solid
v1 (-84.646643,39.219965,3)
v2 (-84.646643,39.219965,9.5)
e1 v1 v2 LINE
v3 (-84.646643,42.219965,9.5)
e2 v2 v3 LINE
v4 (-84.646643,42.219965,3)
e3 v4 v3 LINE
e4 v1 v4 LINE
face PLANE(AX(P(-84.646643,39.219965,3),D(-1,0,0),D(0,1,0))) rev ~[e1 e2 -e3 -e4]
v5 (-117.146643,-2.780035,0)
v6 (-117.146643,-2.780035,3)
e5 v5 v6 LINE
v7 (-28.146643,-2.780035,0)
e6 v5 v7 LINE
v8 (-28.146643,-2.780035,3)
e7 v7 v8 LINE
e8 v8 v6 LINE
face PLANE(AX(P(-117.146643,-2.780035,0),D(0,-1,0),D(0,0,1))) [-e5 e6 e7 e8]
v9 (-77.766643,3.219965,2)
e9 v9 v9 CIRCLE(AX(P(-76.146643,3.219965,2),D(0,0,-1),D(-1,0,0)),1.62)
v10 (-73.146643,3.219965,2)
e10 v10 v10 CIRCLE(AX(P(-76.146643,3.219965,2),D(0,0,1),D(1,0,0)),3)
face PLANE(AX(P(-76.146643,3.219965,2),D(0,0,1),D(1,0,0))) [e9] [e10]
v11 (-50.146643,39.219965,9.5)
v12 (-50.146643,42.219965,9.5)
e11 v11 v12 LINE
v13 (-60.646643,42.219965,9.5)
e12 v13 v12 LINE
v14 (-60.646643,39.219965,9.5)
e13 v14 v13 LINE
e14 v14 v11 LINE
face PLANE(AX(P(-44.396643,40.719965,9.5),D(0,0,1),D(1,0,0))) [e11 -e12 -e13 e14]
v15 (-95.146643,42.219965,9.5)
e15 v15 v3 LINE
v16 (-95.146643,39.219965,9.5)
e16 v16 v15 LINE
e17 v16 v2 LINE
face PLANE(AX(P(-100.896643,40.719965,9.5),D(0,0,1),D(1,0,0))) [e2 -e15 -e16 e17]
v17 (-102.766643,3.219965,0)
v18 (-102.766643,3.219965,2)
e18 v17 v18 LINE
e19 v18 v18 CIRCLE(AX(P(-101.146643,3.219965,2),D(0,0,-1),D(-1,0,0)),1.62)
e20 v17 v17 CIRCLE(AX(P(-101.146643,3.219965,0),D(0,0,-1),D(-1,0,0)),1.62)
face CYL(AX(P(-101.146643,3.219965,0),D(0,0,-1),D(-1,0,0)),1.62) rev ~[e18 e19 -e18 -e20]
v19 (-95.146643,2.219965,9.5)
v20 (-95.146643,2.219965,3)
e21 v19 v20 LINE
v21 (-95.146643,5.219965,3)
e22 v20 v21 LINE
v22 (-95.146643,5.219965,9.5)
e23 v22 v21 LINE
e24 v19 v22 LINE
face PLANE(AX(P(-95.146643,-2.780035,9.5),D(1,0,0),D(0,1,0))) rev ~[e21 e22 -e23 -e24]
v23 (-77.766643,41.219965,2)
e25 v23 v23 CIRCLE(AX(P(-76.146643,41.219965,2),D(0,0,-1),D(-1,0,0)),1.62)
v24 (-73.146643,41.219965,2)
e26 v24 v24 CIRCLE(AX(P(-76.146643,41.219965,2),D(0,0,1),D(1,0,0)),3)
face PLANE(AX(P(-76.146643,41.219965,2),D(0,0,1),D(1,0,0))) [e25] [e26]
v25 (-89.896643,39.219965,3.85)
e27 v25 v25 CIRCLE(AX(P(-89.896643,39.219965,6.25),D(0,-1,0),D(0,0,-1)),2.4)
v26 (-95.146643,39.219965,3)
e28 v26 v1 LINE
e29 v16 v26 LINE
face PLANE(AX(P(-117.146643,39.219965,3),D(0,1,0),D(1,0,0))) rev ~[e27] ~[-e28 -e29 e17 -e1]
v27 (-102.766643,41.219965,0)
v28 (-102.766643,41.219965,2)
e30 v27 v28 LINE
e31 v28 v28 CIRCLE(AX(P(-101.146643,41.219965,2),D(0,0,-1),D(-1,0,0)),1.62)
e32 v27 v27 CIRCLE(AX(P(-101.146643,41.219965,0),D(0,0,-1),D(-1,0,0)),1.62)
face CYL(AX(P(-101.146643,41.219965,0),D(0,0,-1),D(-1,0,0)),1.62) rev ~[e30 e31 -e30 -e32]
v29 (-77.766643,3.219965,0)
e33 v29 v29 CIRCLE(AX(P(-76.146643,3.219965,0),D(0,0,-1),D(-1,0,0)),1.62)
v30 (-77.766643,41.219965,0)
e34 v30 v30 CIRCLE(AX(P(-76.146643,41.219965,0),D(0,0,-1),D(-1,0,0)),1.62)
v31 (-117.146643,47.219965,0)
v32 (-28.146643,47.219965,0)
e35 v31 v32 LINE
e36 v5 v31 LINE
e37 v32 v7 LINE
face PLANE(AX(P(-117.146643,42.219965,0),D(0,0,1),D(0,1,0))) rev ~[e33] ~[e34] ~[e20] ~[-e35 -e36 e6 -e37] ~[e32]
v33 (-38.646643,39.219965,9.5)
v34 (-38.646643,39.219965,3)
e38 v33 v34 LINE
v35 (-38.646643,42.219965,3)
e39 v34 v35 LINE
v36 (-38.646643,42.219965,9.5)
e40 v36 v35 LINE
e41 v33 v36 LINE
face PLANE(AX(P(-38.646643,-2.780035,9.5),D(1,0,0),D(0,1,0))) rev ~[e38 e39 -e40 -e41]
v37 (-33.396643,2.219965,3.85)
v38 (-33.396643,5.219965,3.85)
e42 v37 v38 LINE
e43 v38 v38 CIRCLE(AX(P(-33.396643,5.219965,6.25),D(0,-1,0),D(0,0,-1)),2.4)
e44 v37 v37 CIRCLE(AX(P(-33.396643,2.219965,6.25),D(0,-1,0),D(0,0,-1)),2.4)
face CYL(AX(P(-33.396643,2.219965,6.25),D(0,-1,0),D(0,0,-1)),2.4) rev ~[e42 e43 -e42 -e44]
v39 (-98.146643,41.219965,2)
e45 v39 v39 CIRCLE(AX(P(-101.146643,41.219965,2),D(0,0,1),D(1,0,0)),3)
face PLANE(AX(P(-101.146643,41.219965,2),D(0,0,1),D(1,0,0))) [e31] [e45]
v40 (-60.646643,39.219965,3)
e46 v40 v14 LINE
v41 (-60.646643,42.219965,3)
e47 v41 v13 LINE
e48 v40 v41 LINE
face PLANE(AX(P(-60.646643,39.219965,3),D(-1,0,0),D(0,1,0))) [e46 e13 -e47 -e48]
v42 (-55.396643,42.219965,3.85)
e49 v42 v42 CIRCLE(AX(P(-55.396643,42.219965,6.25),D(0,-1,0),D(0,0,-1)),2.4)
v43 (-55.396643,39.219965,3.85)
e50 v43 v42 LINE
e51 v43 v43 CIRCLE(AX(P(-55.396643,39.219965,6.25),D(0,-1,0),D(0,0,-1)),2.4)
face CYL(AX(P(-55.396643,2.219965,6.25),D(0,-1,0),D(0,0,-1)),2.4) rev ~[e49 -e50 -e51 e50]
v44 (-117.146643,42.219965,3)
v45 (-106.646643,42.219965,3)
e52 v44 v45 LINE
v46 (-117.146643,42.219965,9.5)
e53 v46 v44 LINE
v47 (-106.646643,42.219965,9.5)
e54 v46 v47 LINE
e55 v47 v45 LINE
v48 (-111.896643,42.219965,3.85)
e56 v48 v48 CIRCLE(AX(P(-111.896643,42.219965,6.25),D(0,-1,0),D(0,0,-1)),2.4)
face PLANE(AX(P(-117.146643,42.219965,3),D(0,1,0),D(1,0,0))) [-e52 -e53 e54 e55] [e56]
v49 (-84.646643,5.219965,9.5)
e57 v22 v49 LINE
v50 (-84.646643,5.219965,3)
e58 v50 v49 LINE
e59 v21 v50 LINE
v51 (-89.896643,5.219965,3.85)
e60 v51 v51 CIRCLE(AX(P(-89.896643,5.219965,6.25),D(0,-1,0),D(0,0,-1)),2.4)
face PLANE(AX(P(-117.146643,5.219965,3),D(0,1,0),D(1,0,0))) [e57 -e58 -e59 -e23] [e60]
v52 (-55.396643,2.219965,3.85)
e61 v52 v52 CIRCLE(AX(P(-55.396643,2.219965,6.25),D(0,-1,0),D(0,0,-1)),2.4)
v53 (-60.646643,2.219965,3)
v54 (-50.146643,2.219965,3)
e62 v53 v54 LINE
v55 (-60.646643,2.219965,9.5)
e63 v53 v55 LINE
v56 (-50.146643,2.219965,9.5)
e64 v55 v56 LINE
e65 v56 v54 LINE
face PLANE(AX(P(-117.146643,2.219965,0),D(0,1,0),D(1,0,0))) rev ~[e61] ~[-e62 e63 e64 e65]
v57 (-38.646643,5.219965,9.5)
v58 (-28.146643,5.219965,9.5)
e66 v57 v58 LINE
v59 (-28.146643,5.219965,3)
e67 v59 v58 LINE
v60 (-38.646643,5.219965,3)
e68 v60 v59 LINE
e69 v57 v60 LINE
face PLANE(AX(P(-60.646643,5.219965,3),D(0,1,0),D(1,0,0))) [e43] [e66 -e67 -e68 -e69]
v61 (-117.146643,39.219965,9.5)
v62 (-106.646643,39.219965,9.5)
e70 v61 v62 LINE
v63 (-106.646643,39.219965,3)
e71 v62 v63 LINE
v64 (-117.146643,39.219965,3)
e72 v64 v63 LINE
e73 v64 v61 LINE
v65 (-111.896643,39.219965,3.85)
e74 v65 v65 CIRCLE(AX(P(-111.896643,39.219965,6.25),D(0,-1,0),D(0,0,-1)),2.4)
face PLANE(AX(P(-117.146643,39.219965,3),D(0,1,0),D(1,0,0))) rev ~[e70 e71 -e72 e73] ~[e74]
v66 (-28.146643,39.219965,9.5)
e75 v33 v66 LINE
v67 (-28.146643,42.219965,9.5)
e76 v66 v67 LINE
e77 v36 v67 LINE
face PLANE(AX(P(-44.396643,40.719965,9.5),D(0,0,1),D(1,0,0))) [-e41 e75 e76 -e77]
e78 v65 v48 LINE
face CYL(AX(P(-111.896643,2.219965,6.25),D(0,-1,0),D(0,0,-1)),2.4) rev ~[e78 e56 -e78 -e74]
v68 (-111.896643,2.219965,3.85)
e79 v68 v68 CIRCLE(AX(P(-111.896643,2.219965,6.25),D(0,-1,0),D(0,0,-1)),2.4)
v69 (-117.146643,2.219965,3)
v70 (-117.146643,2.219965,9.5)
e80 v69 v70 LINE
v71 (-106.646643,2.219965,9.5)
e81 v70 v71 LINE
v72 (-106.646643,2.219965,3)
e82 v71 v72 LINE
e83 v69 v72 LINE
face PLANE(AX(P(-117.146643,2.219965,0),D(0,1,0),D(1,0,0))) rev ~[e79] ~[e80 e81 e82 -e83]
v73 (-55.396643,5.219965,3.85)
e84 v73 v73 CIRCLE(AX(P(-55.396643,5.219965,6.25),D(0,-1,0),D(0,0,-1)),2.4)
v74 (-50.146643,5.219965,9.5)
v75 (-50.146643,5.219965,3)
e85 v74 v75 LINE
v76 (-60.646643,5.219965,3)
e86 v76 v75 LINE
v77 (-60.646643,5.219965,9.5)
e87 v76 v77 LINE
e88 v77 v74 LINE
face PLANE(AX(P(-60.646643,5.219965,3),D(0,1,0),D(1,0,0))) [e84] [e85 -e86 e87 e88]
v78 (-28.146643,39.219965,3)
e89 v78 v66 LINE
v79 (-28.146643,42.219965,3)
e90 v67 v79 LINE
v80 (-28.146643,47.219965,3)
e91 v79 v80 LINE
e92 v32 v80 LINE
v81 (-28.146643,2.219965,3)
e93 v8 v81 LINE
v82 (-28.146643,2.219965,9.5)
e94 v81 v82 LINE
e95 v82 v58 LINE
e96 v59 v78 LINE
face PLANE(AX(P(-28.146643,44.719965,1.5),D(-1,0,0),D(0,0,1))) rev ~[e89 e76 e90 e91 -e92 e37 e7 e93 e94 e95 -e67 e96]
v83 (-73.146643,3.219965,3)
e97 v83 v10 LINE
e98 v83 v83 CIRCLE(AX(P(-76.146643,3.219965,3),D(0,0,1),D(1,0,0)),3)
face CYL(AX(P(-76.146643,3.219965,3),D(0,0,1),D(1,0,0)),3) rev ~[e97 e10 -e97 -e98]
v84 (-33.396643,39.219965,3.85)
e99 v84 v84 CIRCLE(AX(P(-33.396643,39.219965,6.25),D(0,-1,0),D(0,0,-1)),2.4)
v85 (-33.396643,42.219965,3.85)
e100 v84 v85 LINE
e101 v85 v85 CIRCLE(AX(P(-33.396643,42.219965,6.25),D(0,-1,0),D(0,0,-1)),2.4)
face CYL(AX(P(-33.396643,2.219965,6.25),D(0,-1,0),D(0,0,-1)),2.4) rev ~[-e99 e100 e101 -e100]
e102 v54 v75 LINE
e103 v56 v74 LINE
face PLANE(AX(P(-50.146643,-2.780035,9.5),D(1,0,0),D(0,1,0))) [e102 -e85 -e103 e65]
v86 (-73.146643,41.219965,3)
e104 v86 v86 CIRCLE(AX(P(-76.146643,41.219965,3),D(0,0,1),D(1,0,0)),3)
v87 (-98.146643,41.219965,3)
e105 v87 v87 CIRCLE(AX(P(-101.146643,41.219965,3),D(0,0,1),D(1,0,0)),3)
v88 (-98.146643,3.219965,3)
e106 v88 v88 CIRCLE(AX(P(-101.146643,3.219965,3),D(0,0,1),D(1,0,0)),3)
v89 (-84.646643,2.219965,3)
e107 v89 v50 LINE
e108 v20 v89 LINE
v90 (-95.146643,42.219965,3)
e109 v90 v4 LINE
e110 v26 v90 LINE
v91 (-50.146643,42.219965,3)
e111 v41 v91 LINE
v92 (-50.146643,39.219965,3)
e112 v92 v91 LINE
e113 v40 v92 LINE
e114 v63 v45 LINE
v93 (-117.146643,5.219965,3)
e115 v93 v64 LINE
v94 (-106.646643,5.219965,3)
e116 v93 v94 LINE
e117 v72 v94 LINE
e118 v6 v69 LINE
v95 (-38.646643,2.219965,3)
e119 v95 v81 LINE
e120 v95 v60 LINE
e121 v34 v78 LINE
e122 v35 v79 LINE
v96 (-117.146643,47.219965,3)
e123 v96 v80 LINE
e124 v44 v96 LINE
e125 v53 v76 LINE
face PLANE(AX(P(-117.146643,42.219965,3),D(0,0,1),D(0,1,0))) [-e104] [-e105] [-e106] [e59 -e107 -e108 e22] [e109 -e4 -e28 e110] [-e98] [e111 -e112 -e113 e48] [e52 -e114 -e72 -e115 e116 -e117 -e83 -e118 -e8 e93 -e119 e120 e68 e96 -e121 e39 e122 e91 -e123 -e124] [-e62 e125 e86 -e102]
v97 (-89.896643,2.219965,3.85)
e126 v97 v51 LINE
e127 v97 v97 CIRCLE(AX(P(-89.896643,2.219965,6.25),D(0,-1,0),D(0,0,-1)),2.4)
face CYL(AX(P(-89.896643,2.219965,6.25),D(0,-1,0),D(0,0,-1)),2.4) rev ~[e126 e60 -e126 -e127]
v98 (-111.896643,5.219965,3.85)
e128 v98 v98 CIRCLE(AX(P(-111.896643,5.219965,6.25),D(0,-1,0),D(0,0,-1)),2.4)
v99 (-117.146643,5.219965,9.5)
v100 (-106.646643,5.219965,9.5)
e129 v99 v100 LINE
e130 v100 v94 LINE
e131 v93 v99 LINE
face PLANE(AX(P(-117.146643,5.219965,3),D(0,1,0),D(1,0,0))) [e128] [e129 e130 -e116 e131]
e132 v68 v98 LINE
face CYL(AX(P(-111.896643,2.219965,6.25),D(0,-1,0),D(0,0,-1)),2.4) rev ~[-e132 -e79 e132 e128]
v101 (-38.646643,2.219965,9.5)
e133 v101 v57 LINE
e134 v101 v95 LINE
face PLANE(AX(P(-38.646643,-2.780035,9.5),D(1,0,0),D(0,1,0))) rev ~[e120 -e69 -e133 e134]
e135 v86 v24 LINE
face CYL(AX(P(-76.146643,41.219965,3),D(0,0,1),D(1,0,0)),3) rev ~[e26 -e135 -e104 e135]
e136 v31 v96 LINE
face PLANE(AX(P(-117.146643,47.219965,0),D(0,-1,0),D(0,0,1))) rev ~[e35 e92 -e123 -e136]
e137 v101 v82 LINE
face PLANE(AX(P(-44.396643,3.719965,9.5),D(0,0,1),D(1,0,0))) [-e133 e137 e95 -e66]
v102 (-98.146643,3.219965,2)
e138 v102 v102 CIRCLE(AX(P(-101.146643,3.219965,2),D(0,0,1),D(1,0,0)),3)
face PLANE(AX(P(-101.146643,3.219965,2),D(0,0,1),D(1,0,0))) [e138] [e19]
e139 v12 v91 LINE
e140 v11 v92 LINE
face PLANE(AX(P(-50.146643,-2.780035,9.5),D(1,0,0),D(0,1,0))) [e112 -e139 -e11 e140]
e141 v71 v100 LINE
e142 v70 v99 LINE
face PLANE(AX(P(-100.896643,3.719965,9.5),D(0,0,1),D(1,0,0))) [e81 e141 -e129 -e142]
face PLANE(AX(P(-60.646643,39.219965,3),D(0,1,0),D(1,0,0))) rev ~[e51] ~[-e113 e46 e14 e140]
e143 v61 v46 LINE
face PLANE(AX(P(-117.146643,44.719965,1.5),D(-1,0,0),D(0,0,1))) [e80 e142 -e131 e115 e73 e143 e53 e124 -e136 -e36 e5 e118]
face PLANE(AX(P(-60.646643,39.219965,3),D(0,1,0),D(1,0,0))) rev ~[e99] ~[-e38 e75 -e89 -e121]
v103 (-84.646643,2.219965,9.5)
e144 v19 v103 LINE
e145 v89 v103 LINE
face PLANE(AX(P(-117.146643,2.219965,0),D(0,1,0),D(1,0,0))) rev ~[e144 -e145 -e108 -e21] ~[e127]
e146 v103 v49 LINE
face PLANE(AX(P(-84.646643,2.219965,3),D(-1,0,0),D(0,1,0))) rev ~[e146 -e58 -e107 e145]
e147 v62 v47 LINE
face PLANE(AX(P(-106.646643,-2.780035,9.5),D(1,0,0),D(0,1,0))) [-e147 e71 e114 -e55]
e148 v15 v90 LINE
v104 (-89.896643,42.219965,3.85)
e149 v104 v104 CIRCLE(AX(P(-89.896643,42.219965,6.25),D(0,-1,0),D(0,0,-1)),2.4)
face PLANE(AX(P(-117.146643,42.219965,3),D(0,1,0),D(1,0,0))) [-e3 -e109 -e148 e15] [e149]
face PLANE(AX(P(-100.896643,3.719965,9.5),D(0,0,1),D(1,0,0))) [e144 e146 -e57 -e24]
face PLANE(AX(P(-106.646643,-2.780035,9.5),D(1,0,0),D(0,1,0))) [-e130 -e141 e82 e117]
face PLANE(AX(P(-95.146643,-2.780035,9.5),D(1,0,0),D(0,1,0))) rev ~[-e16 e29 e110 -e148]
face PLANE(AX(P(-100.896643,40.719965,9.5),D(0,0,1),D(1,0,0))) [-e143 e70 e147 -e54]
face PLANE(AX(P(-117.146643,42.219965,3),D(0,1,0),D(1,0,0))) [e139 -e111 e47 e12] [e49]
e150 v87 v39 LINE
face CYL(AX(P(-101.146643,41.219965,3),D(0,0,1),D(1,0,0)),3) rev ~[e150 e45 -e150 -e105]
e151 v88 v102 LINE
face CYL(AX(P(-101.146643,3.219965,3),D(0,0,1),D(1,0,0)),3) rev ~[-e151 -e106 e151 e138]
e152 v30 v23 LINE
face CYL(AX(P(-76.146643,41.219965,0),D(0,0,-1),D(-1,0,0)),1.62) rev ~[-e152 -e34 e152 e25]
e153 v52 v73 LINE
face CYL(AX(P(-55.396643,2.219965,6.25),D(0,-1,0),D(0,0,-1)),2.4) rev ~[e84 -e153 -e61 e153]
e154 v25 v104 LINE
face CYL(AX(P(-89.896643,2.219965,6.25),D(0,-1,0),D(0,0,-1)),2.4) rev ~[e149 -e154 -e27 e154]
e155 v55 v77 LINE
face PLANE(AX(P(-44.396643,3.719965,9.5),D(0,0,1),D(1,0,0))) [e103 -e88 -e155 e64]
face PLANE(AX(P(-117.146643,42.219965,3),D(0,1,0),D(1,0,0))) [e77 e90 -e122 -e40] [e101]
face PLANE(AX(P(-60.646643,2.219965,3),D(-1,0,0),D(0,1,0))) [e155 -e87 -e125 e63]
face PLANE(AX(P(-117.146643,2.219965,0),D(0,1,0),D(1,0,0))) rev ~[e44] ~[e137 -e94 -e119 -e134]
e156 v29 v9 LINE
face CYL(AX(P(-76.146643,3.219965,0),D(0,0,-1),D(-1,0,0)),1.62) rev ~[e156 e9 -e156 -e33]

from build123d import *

# Parameters (mm, degrees)
SKETCH_1_W          = 89
SKETCH_1_H          = 40
EXTRUDE_1_DEPTH     = 3
SKETCH_2_W          = 32.5
SKETCH_2_H          = 3
EXTRUDE_2_DEPTH     = 6.5
SKETCH_3_R          = 2.4
CUT_EXTRUDE_1_DEPTH = 100
SKETCH_5_W          = 3
SKETCH_5_H          = 5
EXTRUDE_3_DEPTH     = 89
SKETCH_7_W          = 11.5
SKETCH_7_H          = 50
CUT_EXTRUDE_2_DEPTH = 6.5
SKETCH_8_R          = 1.62
CUT_EXTRUDE_3_DEPTH = 127.662192681
SKETCH_9_R          = 3
CUT_EXTRUDE_4_DEPTH = 1


with BuildPart() as part:
    # 草图1 → 凸台-拉伸1 (new body)
    with BuildSketch(Plane.XY):
        with Locations((-72.64664311, 22.219964664)):
            Rectangle(SKETCH_1_W, SKETCH_1_H)
    extrude(amount=EXTRUDE_1_DEPTH)

    # 草图2 → 凸台-拉伸2 (add)
    with BuildSketch(Plane.XY.offset(3)):
        with Locations((-100.89664311, 40.719964664)):
            Rectangle(SKETCH_2_W, SKETCH_2_H)
        with Locations((-100.89664311, 3.719964664)):
            Rectangle(SKETCH_2_W, SKETCH_2_H)
        with Locations((-44.39664311, 40.719964664)):
            Rectangle(SKETCH_2_W, SKETCH_2_H)
        with Locations((-44.39664311, 3.719964664)):
            Rectangle(SKETCH_2_W, SKETCH_2_H)
    extrude(amount=EXTRUDE_2_DEPTH)

    # 草图3 → 切除-拉伸1 (cut)
    with BuildSketch(Plane(origin=(0, 2.219964664, 0), x_dir=(-1, 0, 0), z_dir=(0, -1, 0))):
        with Locations(Location((111.89664311, -6.25, 0), (0, 0, 90))):
            Circle(SKETCH_3_R)
        with Locations(Location((89.89664311, -6.25, 0), (0, 0, 90))):
            Circle(SKETCH_3_R)
        with Locations(Location((55.39664311, -6.25, 0), (0, 0, 90))):
            Circle(SKETCH_3_R)
        with Locations(Location((33.39664311, -6.25, 0), (0, 0, 90))):
            Circle(SKETCH_3_R)
    extrude(amount=-CUT_EXTRUDE_1_DEPTH, mode=Mode.SUBTRACT)

    # 草图5 → 凸台-拉伸3 (add)
    with BuildSketch(Plane.ZY.offset(117.14664311)):
        with Locations((1.5, 44.719964664)):
            Rectangle(SKETCH_5_W, SKETCH_5_H)
        with Locations((1.5, -0.280035336)):
            Rectangle(SKETCH_5_W, SKETCH_5_H)
    extrude(amount=-EXTRUDE_3_DEPTH)

    # 草图7 → 切除-拉伸2 (cut)
    with BuildSketch(Plane.XY.offset(9.5)):
        with Locations((-100.89664311, 22.219964664)):
            Rectangle(SKETCH_7_W, SKETCH_7_H)
        with Locations((-44.39664311, 22.219964664)):
            Rectangle(SKETCH_7_W, SKETCH_7_H)
    extrude(amount=-CUT_EXTRUDE_2_DEPTH, mode=Mode.SUBTRACT)

    # 草图8 → 切除-拉伸3 (cut, through all)
    with BuildSketch(Plane(origin=(0, 0, 0), x_dir=(-1, 0, 0), z_dir=(0, 0, -1))):
        with Locations((101.14664311, 41.219964664)):
            Circle(SKETCH_8_R)
        with Locations((101.14664311, 3.219964664)):
            Circle(SKETCH_8_R)
        with Locations((76.14664311, 41.219964664)):
            Circle(SKETCH_8_R)
        with Locations((76.14664311, 3.219964664)):
            Circle(SKETCH_8_R)
    extrude(amount=-CUT_EXTRUDE_3_DEPTH, mode=Mode.SUBTRACT)

    # 草图9 → 切除-拉伸4 (cut)
    with BuildSketch(Plane.XY.offset(3)):
        with Locations((-76.14664311, 41.219964664)):
            Circle(SKETCH_9_R)
        with Locations((-101.14664311, 41.219964664)):
            Circle(SKETCH_9_R)
        with Locations((-101.14664311, 3.219964664)):
            Circle(SKETCH_9_R)
        with Locations((-76.14664311, 3.219964664)):
            Circle(SKETCH_9_R)
    extrude(amount=-CUT_EXTRUDE_4_DEPTH, mode=Mode.SUBTRACT)


solid = part.part
